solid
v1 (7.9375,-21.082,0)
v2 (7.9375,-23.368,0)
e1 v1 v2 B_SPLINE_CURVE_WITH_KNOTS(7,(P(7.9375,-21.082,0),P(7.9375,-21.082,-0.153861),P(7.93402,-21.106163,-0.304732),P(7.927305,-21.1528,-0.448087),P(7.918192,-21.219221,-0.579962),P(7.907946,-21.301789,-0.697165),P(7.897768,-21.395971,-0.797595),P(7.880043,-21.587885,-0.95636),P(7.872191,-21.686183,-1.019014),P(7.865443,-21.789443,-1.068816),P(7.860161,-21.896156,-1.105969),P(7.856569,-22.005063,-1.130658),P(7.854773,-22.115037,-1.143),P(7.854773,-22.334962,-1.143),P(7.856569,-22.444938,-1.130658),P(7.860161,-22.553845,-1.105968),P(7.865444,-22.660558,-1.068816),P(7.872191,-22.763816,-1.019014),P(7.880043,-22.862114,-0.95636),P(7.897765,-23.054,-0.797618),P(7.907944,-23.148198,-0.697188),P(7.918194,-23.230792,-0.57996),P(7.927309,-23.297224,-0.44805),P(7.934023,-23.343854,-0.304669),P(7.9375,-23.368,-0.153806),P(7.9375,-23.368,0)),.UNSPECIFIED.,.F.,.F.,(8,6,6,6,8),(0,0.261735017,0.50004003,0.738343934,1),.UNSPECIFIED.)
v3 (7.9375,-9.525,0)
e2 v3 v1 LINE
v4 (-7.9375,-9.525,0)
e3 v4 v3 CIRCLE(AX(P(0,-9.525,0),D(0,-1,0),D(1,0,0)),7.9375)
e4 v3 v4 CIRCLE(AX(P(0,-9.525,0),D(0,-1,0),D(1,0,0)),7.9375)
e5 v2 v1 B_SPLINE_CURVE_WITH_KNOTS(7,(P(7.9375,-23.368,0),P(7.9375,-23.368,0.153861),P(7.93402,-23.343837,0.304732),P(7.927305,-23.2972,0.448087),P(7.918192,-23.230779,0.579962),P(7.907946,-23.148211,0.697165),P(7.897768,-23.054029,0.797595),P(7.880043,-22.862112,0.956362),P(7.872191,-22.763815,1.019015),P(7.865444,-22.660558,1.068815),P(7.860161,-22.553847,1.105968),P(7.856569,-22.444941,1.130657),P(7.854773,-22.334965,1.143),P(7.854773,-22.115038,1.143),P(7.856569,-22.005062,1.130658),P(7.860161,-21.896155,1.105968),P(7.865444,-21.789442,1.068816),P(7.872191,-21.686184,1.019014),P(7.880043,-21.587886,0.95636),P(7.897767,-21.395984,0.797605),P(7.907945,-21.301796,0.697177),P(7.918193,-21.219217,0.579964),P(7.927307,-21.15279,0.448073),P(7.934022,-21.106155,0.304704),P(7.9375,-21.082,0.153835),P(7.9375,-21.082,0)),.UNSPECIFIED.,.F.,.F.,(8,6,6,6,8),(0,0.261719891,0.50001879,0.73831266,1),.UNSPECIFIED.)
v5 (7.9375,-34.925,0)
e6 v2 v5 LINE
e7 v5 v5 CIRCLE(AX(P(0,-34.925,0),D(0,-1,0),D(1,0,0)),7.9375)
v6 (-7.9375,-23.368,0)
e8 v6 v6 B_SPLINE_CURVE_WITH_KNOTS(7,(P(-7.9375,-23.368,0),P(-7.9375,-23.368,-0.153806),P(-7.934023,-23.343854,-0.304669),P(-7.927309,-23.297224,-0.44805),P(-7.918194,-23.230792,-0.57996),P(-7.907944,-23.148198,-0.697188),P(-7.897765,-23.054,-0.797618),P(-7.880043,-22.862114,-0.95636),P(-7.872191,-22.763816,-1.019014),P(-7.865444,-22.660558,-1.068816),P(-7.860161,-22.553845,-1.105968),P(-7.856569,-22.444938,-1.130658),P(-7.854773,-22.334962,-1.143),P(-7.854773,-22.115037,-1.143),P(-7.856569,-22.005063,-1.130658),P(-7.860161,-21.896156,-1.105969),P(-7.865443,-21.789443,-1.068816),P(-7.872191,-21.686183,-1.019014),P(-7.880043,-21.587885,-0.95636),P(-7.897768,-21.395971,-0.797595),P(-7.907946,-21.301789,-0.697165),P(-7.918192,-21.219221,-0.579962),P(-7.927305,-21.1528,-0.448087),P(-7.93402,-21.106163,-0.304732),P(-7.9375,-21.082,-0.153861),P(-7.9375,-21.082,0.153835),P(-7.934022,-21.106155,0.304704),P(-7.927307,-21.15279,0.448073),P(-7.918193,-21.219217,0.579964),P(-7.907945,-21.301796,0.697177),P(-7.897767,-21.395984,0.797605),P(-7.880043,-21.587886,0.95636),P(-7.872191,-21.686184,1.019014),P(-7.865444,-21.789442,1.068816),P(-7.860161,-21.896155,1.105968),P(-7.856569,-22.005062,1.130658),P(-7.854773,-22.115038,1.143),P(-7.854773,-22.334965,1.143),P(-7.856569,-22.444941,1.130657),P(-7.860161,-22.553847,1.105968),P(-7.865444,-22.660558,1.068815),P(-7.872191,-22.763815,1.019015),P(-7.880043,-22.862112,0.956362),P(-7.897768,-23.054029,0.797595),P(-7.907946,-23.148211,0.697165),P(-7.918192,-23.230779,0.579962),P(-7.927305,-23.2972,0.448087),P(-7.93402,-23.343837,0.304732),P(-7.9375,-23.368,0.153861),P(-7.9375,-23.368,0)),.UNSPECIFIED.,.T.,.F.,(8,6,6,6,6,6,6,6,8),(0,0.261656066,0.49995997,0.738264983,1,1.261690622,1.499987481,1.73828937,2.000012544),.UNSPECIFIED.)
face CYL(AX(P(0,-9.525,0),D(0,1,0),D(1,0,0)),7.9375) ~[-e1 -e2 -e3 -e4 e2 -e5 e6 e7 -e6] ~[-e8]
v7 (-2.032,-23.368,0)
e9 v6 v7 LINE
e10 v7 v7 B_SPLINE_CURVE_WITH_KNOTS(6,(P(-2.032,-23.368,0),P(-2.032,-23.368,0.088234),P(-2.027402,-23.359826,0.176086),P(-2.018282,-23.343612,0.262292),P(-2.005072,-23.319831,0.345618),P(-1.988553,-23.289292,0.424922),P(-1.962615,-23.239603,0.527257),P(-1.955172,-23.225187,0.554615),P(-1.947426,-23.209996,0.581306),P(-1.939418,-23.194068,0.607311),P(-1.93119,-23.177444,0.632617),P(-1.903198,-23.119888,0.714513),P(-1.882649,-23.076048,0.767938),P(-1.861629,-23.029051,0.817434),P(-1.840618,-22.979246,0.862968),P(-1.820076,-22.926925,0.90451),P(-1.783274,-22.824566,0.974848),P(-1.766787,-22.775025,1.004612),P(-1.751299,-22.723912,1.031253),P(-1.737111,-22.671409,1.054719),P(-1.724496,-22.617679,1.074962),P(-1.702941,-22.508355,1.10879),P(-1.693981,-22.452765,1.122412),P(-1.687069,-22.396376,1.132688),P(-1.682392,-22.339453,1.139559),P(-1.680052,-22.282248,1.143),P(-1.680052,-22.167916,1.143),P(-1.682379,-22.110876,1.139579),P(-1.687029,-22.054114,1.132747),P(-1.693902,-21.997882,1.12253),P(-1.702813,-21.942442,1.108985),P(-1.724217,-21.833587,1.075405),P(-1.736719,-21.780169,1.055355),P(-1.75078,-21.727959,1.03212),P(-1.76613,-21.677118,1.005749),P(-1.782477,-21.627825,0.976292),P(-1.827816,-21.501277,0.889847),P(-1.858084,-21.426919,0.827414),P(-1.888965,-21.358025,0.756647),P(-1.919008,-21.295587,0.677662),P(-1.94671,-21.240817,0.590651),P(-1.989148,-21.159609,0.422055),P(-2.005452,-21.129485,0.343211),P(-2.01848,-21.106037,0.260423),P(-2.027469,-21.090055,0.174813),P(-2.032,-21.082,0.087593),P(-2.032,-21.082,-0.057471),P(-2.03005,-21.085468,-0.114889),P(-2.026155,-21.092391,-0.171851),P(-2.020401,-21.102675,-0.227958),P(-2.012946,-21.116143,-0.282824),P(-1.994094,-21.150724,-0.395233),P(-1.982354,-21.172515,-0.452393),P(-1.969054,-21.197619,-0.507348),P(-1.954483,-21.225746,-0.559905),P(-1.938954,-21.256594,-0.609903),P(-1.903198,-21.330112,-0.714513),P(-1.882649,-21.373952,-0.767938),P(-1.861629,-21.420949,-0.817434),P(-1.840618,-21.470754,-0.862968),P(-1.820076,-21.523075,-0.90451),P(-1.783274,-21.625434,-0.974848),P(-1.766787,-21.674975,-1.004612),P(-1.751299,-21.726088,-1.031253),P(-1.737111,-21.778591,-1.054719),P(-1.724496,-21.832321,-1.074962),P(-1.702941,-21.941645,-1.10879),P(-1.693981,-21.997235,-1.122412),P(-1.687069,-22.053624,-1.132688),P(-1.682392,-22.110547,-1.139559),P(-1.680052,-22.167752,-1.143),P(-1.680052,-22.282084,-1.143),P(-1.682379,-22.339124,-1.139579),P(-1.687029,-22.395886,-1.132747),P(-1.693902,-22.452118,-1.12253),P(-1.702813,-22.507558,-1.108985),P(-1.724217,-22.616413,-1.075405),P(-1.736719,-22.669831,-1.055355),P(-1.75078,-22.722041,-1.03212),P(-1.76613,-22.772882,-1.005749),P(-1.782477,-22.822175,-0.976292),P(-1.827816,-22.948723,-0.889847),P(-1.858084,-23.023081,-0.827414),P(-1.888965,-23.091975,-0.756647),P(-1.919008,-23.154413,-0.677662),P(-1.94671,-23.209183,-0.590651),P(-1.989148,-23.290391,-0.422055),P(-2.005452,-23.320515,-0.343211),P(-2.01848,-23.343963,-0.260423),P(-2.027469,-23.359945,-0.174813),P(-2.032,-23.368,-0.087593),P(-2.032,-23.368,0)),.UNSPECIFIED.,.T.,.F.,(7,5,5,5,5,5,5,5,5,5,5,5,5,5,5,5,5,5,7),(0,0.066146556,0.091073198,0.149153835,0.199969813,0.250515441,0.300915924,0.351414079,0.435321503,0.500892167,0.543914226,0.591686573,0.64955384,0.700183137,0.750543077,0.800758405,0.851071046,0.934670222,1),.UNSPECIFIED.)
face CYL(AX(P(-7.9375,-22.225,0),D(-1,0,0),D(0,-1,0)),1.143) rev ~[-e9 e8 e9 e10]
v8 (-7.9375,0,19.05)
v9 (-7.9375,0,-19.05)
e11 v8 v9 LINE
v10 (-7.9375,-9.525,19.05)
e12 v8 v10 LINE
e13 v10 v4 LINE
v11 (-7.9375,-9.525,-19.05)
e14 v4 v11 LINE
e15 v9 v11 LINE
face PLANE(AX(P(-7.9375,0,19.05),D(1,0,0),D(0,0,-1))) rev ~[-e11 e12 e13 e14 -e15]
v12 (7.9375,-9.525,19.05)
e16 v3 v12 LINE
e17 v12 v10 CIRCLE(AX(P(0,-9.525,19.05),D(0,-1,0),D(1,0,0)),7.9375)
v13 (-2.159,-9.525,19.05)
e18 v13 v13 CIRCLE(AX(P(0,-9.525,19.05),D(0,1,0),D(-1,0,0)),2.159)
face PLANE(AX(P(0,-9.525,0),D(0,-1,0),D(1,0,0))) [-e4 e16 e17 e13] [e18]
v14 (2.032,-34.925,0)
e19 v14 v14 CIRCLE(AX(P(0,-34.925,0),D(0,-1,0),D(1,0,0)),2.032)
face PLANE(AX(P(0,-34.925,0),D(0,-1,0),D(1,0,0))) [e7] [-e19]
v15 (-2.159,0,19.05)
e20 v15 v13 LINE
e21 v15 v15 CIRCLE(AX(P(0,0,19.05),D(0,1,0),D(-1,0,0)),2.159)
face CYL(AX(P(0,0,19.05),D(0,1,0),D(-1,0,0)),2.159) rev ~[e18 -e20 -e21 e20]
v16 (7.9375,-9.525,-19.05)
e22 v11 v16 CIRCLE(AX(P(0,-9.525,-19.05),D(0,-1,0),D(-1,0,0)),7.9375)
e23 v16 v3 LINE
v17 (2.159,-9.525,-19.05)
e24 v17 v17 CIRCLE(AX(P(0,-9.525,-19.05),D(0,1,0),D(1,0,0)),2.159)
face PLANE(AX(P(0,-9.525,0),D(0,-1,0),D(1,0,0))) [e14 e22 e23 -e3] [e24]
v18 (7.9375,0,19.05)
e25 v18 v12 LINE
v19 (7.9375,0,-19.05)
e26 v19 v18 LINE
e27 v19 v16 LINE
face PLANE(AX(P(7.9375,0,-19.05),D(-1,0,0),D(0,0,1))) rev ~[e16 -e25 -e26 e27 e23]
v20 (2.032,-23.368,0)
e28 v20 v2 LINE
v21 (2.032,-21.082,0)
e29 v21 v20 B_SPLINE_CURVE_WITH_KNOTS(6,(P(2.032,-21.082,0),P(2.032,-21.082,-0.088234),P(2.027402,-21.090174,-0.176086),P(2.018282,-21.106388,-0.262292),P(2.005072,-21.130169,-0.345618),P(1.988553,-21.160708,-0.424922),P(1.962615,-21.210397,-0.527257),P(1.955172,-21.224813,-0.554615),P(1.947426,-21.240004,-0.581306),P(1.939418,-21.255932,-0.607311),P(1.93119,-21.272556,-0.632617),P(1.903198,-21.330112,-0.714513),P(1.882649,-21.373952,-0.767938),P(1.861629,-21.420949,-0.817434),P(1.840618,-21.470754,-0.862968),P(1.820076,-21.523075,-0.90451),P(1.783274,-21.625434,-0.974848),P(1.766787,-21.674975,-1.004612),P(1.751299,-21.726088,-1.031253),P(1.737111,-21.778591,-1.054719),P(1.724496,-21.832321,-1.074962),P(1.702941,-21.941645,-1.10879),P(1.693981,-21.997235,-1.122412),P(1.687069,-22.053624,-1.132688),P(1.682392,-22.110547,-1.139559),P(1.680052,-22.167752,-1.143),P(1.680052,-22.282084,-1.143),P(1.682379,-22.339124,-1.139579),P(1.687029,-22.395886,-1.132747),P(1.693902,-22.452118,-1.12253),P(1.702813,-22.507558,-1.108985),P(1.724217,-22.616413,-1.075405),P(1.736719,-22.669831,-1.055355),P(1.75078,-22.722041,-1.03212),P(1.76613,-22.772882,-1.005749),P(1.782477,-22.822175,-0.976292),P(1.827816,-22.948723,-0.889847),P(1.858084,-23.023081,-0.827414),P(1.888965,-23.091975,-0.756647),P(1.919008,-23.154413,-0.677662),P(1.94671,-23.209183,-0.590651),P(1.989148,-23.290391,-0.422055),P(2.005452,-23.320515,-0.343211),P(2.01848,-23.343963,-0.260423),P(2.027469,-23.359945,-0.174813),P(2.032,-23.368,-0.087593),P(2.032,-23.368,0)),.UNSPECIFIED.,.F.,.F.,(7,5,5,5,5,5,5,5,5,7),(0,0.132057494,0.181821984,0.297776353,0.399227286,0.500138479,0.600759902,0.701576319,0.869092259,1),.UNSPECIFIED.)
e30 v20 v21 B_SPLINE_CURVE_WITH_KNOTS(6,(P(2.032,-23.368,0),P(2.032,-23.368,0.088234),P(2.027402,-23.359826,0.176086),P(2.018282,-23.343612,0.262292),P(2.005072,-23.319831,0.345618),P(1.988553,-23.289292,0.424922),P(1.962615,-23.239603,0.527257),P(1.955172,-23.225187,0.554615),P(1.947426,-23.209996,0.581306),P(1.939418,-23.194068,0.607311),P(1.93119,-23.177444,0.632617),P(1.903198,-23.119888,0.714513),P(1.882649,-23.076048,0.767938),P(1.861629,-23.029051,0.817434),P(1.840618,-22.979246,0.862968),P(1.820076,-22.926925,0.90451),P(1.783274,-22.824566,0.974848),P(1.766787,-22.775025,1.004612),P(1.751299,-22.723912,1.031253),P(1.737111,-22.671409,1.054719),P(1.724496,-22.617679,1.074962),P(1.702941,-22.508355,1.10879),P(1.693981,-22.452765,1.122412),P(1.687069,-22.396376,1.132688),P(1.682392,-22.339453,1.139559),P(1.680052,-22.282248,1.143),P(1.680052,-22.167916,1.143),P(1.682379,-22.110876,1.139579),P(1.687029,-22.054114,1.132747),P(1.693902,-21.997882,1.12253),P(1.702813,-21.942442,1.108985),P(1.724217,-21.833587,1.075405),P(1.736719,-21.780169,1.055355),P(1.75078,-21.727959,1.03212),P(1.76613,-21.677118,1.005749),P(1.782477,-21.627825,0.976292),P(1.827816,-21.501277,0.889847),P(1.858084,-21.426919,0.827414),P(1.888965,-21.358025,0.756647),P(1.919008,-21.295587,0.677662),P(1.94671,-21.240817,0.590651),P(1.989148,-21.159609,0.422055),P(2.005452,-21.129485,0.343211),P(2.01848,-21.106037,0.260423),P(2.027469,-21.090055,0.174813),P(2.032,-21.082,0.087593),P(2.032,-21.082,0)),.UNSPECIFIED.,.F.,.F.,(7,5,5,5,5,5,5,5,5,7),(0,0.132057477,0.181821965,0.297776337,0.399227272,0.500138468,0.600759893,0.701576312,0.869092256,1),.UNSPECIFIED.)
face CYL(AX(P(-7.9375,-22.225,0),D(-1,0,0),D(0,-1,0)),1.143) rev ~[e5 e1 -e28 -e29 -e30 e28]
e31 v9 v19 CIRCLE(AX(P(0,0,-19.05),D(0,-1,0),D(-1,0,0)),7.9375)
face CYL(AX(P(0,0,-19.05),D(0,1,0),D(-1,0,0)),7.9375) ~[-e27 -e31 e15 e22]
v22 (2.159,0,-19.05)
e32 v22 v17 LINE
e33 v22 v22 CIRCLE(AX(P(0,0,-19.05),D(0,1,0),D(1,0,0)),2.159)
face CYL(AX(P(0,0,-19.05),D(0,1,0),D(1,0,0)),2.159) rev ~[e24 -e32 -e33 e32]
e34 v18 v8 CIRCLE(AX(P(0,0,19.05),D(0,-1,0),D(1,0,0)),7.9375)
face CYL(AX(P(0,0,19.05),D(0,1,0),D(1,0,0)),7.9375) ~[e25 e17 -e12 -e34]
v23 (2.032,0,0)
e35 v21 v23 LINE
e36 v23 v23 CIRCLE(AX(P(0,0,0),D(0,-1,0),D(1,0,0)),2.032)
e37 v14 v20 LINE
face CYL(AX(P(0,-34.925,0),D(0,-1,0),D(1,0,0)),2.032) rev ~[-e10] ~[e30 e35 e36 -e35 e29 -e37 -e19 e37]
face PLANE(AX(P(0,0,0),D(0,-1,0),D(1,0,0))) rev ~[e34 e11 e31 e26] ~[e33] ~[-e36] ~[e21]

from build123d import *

# Parameters (mm, degrees)
F1_DEPTH = 9.525
F2_R     = 7.9375
F3_DEPTH = 25.4
F4_R     = 2.032
F5_DEPTH = 34.926
F6_R     = 1.143
F7_DEPTH = 25.4


with BuildPart() as f1:
    # F0 (on Front) → F1 (new body)
    with BuildSketch(Plane.XZ):
        with BuildLine():
            Line((7.9375, -19.05), (7.9375, 19.05))
            Line((7.9375, 19.05), (2.159, 19.05))
            ThreePointArc((2.159, 19.05), (0, 16.891), (-2.159, 19.05))
            Line((-2.159, 19.05), (-7.9375, 19.05))
            Line((-7.9375, 19.05), (-7.9375, -19.05))
            Line((-7.9375, -19.05), (-2.159, -19.05))
            ThreePointArc((-2.159, -19.05), (0, -16.891), (2.159, -19.05))
            Line((2.159, -19.05), (7.9375, -19.05))
        make_face()
        with BuildLine():
            Line((2.159, 19.05), (7.9375, 19.05))
            ThreePointArc((7.9375, 19.05), (0, 26.9875), (-7.9375, 19.05))
            Line((-7.9375, 19.05), (-2.159, 19.05))
            ThreePointArc((-2.159, 19.05), (0, 21.209), (2.159, 19.05))
        make_face()
        with BuildLine():
            ThreePointArc((-7.9375, -19.05), (0, -26.9875), (7.9375, -19.05))
            Line((7.9375, -19.05), (2.159, -19.05))
            ThreePointArc((2.159, -19.05), (0, -21.209), (-2.159, -19.05))
            Line((-2.159, -19.05), (-7.9375, -19.05))
        make_face()
    extrude(amount=F1_DEPTH)

    # F2 (on face) → F3 (join)
    with BuildSketch(Plane.XZ.offset(9.525)):
        Circle(F2_R)
    extrude(amount=F3_DEPTH)

    # F4 (on face) → F5 (cut, through all)
    with BuildSketch(Plane.XZ.offset(34.925)):
        Circle(F4_R)
    extrude(amount=-F5_DEPTH, mode=Mode.SUBTRACT)

    # F6 (on face) → F7 (cut)
    with BuildSketch(Plane(origin=(-7.9375, 0, 0), x_dir=(0, -1, 0), z_dir=(-1, 0, 0))):
        with Locations((22.225, 0)):
            Circle(F6_R)
    extrude(amount=-F7_DEPTH, mode=Mode.SUBTRACT)


solid = f1.part
